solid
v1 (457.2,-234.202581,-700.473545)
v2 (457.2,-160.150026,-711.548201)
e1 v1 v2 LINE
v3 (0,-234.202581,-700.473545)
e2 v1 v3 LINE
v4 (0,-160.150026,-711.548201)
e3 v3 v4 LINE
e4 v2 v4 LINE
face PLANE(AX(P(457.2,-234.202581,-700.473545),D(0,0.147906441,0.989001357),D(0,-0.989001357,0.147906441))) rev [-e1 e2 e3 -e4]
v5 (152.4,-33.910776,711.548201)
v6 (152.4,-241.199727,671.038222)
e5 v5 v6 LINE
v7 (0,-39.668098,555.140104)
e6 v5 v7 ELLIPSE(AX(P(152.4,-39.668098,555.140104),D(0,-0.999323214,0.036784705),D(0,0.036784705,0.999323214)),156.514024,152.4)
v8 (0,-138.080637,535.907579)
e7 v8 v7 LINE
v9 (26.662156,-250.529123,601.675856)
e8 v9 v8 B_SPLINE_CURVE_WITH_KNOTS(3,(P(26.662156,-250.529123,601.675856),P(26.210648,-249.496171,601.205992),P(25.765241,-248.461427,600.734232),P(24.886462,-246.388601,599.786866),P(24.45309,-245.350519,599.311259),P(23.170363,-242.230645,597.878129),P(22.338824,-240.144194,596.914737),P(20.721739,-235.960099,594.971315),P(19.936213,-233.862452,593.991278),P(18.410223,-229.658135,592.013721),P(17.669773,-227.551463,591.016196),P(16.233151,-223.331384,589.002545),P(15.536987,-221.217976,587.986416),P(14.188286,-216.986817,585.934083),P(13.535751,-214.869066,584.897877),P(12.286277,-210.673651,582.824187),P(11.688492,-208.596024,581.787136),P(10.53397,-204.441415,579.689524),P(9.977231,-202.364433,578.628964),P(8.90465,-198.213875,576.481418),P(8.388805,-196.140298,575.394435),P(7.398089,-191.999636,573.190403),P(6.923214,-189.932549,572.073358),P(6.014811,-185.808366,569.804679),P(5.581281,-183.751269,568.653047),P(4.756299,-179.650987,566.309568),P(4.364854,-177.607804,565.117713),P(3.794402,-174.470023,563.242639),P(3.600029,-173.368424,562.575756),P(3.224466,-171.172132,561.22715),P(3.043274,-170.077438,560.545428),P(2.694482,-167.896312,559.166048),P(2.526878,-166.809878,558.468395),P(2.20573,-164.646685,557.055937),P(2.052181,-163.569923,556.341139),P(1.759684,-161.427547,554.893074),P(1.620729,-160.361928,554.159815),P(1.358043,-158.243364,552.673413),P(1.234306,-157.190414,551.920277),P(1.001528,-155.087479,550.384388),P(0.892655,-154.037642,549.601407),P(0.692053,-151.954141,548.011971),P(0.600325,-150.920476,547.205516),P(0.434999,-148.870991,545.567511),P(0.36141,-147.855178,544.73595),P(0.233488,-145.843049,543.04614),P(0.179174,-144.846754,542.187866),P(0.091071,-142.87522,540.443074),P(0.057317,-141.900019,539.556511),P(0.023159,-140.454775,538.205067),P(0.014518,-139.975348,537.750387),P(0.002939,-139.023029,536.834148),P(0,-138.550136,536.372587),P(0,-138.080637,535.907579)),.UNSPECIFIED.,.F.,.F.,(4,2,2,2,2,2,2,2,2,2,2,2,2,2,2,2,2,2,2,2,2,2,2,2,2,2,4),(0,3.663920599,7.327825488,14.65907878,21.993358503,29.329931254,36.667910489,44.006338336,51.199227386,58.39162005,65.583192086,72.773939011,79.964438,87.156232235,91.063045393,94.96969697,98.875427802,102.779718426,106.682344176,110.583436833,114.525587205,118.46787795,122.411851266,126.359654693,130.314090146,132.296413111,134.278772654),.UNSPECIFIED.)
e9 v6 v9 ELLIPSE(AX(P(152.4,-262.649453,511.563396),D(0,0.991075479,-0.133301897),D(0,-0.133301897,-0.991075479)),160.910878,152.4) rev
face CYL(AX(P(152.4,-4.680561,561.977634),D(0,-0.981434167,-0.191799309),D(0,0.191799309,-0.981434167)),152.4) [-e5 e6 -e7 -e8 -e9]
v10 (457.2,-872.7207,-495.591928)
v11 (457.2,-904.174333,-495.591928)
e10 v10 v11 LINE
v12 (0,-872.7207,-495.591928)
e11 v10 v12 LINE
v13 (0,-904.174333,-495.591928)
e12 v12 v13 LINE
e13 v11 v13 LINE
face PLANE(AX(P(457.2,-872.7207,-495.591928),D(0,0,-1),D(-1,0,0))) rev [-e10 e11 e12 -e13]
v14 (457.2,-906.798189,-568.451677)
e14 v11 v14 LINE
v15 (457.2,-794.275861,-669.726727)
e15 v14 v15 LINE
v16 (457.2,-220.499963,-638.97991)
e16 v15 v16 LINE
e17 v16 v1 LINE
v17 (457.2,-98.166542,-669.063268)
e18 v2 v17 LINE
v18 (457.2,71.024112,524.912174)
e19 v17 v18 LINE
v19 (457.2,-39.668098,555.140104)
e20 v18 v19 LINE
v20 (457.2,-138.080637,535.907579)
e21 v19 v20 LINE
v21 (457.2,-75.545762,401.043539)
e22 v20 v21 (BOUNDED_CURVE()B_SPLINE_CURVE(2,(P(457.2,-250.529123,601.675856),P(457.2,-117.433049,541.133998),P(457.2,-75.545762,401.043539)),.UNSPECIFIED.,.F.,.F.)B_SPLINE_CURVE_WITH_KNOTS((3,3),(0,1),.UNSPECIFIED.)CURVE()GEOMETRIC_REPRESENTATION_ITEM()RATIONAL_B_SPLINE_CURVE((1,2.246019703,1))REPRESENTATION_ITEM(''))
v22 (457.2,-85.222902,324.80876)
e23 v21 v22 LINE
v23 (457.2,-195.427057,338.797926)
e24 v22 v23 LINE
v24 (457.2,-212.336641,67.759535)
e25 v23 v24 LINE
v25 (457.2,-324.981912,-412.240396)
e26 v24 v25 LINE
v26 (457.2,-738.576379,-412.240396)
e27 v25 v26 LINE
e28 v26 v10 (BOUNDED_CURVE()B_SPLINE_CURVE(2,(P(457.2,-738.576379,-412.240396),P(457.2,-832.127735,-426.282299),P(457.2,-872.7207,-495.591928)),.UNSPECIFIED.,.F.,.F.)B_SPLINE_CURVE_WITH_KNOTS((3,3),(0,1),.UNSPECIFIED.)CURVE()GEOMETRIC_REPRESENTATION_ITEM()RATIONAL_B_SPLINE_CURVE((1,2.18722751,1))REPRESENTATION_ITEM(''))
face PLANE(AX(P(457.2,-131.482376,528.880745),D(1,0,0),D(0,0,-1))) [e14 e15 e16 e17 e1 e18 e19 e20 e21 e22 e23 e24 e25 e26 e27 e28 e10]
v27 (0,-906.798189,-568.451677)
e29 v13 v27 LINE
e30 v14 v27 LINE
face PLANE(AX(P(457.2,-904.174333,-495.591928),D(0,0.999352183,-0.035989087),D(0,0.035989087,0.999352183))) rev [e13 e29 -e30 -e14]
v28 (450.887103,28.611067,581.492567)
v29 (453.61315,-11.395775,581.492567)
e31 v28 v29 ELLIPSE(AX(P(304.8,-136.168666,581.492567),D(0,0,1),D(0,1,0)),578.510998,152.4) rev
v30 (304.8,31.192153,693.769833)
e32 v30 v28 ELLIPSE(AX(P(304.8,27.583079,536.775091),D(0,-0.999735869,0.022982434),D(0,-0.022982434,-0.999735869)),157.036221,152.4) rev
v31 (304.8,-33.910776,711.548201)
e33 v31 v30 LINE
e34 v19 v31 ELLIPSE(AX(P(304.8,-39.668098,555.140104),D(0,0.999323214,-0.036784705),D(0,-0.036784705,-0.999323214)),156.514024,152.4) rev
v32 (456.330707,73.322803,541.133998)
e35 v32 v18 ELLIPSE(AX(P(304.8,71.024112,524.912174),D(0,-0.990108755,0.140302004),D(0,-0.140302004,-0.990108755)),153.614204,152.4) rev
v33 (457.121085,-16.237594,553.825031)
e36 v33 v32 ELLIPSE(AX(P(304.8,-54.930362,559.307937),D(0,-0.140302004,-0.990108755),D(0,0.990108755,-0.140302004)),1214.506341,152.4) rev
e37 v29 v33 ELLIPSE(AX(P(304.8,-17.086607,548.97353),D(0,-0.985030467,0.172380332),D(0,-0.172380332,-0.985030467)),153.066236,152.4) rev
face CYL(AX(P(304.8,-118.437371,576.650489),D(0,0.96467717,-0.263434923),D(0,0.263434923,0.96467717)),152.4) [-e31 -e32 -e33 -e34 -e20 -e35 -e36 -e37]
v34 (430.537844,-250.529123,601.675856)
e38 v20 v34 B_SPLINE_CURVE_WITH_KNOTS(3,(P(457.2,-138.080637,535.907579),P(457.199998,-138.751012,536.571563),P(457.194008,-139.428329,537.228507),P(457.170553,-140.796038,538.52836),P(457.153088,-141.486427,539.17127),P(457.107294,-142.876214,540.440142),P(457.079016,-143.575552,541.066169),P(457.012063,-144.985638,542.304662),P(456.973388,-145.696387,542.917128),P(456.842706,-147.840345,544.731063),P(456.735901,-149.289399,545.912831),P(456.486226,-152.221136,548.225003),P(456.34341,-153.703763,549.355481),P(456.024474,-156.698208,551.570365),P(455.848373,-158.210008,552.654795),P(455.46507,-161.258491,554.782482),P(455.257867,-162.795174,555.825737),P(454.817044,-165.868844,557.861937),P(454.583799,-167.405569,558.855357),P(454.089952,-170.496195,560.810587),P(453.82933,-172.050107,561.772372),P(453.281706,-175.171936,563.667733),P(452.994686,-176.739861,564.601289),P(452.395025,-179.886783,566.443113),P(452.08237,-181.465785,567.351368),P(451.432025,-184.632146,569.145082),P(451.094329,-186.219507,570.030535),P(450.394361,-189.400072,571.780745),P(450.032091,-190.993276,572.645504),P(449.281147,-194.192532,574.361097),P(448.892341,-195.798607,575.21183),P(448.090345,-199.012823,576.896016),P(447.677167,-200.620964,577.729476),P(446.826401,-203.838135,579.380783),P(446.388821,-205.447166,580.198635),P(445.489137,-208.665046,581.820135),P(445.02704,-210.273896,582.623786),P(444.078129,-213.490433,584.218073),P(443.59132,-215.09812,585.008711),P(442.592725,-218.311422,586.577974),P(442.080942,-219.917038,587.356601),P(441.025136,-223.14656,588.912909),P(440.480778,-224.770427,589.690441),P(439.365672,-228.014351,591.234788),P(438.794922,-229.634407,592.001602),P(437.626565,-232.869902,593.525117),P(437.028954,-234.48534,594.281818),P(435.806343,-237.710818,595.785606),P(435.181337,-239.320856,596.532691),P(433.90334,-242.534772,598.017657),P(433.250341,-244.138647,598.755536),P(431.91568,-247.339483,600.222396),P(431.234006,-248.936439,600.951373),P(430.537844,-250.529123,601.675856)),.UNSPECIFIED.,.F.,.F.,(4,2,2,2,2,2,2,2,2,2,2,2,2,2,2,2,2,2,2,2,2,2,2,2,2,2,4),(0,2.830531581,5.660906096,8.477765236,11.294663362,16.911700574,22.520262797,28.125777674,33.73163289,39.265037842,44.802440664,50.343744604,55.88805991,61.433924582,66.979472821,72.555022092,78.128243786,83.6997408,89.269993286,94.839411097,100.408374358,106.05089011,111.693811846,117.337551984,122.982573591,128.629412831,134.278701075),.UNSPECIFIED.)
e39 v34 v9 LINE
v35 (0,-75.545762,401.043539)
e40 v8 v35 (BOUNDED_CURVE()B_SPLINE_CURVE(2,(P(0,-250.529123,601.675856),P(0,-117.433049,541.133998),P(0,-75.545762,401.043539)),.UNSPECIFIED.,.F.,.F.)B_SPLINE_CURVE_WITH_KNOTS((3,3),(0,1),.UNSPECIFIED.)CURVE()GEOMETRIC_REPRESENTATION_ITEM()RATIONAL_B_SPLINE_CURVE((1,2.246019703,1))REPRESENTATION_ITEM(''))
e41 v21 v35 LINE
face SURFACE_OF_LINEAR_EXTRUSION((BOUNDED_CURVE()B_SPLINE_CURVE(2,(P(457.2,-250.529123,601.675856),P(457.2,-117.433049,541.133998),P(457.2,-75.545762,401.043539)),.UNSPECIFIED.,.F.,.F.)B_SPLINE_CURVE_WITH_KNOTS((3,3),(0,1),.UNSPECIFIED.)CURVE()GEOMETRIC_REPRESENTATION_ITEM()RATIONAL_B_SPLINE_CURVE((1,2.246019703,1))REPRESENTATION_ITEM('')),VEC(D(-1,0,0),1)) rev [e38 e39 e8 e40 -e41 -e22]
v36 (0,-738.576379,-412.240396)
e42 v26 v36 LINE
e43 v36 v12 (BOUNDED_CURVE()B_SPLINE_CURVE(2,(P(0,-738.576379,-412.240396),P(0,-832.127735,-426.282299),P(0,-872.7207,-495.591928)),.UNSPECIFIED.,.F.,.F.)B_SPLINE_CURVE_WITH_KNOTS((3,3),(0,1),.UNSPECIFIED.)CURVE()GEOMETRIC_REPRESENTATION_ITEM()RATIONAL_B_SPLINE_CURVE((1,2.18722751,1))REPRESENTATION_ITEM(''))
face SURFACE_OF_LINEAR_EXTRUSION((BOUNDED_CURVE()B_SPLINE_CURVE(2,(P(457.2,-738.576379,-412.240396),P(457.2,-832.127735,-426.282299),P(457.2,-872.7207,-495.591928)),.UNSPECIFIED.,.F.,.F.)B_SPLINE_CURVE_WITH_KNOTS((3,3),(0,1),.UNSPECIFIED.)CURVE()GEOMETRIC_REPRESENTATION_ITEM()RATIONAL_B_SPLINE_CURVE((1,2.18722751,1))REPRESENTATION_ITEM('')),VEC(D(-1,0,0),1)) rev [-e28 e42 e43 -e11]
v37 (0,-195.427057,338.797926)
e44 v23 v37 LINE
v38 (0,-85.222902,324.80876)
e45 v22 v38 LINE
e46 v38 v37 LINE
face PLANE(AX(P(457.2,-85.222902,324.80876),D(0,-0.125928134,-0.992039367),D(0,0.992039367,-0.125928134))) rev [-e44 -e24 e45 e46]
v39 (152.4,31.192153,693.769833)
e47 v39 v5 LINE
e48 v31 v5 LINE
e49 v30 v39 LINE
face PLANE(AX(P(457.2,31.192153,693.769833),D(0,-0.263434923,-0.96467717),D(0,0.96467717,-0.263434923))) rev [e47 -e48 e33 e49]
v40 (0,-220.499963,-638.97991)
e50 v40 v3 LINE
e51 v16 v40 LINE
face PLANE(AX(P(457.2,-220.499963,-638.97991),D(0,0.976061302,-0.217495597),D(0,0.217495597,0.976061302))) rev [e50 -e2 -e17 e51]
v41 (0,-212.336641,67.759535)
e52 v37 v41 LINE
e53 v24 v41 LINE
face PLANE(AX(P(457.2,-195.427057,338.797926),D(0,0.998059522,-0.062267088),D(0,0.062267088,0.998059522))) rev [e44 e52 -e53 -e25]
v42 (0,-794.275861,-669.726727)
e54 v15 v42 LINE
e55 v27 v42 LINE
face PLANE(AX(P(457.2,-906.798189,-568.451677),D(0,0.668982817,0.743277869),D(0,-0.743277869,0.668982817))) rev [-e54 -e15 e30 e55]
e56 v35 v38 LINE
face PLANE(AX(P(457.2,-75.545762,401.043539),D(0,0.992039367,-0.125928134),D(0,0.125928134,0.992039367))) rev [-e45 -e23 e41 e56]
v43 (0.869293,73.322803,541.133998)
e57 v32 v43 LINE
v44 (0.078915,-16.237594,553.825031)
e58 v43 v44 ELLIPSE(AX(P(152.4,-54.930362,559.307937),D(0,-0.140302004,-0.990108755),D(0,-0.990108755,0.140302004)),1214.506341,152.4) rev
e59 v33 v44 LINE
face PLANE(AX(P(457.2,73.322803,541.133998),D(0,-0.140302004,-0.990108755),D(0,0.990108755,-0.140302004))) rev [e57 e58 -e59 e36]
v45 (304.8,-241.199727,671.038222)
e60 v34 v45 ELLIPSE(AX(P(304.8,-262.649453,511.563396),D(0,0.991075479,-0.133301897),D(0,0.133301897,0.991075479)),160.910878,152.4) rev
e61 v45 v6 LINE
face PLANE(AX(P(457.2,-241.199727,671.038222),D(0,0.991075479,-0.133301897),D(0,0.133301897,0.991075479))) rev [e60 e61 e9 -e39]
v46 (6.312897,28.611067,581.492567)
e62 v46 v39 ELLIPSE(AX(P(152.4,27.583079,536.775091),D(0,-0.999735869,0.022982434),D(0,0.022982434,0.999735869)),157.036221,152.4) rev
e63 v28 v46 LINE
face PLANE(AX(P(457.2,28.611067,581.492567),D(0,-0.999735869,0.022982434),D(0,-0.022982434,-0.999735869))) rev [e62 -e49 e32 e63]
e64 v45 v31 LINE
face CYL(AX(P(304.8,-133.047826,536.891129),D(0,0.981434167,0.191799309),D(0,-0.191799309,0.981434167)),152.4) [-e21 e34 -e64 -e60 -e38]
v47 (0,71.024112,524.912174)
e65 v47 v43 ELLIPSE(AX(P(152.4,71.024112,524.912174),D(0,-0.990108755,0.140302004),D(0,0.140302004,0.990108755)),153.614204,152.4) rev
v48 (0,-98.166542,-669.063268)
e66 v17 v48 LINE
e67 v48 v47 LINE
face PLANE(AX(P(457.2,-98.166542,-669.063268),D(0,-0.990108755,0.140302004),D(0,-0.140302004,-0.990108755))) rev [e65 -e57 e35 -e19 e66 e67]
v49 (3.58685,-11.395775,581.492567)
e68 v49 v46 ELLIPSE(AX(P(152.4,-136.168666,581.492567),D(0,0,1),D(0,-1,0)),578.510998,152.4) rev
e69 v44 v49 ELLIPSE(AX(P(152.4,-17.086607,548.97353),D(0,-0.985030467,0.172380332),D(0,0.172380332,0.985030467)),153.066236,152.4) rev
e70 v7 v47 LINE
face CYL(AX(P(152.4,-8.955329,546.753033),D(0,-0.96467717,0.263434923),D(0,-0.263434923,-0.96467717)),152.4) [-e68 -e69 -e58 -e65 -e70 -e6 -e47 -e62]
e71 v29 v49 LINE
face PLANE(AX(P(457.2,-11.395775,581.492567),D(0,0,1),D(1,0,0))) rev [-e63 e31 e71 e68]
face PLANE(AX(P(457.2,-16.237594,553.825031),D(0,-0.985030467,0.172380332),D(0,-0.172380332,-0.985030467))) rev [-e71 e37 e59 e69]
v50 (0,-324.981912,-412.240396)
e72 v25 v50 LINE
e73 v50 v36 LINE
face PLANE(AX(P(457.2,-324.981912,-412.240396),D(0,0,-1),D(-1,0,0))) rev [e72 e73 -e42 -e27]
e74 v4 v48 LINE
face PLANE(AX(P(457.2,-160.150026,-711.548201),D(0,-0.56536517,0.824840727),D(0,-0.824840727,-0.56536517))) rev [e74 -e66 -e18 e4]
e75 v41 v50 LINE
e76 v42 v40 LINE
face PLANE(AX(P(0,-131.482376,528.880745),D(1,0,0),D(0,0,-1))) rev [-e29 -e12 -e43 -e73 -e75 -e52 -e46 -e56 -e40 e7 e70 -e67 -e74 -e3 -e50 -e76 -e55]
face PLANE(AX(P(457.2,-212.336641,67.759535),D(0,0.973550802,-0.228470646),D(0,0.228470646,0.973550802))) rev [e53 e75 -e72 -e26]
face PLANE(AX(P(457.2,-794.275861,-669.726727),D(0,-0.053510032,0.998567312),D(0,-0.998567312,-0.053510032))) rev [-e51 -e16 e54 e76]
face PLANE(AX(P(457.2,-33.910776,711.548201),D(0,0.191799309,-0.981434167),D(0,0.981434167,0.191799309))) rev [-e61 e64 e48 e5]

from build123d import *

# Parameters (mm, degrees)
BOSS_EXTRUDE1_DEPTH = 457.2
FILLET1_R           = 152.4


with BuildPart() as part:
    # Sketch1 → Boss-Extrude1 (new body)
    with BuildSketch(Plane(origin=(0, 0, 0), x_dir=(0, 0, -1), z_dir=(1, 0, 0))):
        with BuildLine():
            Line((711.548200753, -160.15002575), (669.063267675, -98.166541557))
            Line((669.063267675, -98.166541557), (-541.133997798, 73.322803393))
            Line((-541.133997798, 73.322803393), (-553.825031188, -16.23759413))
            Line((-553.825031188, -16.23759413), (-581.492567074, -11.395775351))
            Line((-581.492567074, -11.395775351), (-581.492567074, 28.611066701))
            Line((-581.492567074, 28.611066701), (-693.769833475, 31.192153284))
            Line((-693.769833475, 31.192153284), (-711.548200753, -33.910775567))
            Line((-711.548200753, -33.910775567), (-671.038221505, -241.199727441))
            Line((-671.038221505, -241.199727441), (-601.675855782, -250.529122735))
            add(Edge.make_bspline(
                [(-601.675855782, -250.529122735), (-541.133997798, -117.43304901), (-401.043539171, -75.545762029)],
                knots=[0, 0, 0, 1, 1, 1], degree=2, weights=[1, 2.246019703, 1]))
            Line((-401.043539171, -75.545762029), (-324.808759835, -85.222901727))
            Line((-324.808759835, -85.222901727), (-338.797926094, -195.427056695))
            Line((-338.797926094, -195.427056695), (-67.759534981, -212.336640741))
            Line((-67.759534981, -212.336640741), (412.240396354, -324.981912238))
            Line((412.240396354, -324.981912238), (412.240396354, -738.576379205))
            add(Edge.make_bspline(
                [(412.240396354, -738.576379205), (426.282298959, -832.127735112), (495.591928337, -872.720699723)],
                knots=[0, 0, 0, 1, 1, 1], degree=2, weights=[1, 2.18722751, 1]))
            Line((495.591928337, -872.720699723), (495.591928337, -904.174333001))
            Line((495.591928337, -904.174333001), (568.451677177, -906.798188592))
            Line((568.451677177, -906.798188592), (669.726727221, -794.275861448))
            Line((669.726727221, -794.275861448), (638.979909752, -220.499963189))
            Line((638.979909752, -220.499963189), (700.473544691, -234.202580835))
            Line((700.473544691, -234.202580835), (711.548200753, -160.15002575))
        make_face()
    extrude(amount=BOSS_EXTRUDE1_DEPTH)

    # Fillet1
    fillet1_edges = [part.edges().sort_by_distance(p)[0] for p in [
        (0, -137.555251504, 691.293211129),
        (0, -1.359311141, 702.659017114),
        (457.2, -137.555251504, 691.293211129),
        (457.2, -1.359311141, 702.659017114),
    ]]
    fillet(fillet1_edges, radius=FILLET1_R)


solid = part.part
